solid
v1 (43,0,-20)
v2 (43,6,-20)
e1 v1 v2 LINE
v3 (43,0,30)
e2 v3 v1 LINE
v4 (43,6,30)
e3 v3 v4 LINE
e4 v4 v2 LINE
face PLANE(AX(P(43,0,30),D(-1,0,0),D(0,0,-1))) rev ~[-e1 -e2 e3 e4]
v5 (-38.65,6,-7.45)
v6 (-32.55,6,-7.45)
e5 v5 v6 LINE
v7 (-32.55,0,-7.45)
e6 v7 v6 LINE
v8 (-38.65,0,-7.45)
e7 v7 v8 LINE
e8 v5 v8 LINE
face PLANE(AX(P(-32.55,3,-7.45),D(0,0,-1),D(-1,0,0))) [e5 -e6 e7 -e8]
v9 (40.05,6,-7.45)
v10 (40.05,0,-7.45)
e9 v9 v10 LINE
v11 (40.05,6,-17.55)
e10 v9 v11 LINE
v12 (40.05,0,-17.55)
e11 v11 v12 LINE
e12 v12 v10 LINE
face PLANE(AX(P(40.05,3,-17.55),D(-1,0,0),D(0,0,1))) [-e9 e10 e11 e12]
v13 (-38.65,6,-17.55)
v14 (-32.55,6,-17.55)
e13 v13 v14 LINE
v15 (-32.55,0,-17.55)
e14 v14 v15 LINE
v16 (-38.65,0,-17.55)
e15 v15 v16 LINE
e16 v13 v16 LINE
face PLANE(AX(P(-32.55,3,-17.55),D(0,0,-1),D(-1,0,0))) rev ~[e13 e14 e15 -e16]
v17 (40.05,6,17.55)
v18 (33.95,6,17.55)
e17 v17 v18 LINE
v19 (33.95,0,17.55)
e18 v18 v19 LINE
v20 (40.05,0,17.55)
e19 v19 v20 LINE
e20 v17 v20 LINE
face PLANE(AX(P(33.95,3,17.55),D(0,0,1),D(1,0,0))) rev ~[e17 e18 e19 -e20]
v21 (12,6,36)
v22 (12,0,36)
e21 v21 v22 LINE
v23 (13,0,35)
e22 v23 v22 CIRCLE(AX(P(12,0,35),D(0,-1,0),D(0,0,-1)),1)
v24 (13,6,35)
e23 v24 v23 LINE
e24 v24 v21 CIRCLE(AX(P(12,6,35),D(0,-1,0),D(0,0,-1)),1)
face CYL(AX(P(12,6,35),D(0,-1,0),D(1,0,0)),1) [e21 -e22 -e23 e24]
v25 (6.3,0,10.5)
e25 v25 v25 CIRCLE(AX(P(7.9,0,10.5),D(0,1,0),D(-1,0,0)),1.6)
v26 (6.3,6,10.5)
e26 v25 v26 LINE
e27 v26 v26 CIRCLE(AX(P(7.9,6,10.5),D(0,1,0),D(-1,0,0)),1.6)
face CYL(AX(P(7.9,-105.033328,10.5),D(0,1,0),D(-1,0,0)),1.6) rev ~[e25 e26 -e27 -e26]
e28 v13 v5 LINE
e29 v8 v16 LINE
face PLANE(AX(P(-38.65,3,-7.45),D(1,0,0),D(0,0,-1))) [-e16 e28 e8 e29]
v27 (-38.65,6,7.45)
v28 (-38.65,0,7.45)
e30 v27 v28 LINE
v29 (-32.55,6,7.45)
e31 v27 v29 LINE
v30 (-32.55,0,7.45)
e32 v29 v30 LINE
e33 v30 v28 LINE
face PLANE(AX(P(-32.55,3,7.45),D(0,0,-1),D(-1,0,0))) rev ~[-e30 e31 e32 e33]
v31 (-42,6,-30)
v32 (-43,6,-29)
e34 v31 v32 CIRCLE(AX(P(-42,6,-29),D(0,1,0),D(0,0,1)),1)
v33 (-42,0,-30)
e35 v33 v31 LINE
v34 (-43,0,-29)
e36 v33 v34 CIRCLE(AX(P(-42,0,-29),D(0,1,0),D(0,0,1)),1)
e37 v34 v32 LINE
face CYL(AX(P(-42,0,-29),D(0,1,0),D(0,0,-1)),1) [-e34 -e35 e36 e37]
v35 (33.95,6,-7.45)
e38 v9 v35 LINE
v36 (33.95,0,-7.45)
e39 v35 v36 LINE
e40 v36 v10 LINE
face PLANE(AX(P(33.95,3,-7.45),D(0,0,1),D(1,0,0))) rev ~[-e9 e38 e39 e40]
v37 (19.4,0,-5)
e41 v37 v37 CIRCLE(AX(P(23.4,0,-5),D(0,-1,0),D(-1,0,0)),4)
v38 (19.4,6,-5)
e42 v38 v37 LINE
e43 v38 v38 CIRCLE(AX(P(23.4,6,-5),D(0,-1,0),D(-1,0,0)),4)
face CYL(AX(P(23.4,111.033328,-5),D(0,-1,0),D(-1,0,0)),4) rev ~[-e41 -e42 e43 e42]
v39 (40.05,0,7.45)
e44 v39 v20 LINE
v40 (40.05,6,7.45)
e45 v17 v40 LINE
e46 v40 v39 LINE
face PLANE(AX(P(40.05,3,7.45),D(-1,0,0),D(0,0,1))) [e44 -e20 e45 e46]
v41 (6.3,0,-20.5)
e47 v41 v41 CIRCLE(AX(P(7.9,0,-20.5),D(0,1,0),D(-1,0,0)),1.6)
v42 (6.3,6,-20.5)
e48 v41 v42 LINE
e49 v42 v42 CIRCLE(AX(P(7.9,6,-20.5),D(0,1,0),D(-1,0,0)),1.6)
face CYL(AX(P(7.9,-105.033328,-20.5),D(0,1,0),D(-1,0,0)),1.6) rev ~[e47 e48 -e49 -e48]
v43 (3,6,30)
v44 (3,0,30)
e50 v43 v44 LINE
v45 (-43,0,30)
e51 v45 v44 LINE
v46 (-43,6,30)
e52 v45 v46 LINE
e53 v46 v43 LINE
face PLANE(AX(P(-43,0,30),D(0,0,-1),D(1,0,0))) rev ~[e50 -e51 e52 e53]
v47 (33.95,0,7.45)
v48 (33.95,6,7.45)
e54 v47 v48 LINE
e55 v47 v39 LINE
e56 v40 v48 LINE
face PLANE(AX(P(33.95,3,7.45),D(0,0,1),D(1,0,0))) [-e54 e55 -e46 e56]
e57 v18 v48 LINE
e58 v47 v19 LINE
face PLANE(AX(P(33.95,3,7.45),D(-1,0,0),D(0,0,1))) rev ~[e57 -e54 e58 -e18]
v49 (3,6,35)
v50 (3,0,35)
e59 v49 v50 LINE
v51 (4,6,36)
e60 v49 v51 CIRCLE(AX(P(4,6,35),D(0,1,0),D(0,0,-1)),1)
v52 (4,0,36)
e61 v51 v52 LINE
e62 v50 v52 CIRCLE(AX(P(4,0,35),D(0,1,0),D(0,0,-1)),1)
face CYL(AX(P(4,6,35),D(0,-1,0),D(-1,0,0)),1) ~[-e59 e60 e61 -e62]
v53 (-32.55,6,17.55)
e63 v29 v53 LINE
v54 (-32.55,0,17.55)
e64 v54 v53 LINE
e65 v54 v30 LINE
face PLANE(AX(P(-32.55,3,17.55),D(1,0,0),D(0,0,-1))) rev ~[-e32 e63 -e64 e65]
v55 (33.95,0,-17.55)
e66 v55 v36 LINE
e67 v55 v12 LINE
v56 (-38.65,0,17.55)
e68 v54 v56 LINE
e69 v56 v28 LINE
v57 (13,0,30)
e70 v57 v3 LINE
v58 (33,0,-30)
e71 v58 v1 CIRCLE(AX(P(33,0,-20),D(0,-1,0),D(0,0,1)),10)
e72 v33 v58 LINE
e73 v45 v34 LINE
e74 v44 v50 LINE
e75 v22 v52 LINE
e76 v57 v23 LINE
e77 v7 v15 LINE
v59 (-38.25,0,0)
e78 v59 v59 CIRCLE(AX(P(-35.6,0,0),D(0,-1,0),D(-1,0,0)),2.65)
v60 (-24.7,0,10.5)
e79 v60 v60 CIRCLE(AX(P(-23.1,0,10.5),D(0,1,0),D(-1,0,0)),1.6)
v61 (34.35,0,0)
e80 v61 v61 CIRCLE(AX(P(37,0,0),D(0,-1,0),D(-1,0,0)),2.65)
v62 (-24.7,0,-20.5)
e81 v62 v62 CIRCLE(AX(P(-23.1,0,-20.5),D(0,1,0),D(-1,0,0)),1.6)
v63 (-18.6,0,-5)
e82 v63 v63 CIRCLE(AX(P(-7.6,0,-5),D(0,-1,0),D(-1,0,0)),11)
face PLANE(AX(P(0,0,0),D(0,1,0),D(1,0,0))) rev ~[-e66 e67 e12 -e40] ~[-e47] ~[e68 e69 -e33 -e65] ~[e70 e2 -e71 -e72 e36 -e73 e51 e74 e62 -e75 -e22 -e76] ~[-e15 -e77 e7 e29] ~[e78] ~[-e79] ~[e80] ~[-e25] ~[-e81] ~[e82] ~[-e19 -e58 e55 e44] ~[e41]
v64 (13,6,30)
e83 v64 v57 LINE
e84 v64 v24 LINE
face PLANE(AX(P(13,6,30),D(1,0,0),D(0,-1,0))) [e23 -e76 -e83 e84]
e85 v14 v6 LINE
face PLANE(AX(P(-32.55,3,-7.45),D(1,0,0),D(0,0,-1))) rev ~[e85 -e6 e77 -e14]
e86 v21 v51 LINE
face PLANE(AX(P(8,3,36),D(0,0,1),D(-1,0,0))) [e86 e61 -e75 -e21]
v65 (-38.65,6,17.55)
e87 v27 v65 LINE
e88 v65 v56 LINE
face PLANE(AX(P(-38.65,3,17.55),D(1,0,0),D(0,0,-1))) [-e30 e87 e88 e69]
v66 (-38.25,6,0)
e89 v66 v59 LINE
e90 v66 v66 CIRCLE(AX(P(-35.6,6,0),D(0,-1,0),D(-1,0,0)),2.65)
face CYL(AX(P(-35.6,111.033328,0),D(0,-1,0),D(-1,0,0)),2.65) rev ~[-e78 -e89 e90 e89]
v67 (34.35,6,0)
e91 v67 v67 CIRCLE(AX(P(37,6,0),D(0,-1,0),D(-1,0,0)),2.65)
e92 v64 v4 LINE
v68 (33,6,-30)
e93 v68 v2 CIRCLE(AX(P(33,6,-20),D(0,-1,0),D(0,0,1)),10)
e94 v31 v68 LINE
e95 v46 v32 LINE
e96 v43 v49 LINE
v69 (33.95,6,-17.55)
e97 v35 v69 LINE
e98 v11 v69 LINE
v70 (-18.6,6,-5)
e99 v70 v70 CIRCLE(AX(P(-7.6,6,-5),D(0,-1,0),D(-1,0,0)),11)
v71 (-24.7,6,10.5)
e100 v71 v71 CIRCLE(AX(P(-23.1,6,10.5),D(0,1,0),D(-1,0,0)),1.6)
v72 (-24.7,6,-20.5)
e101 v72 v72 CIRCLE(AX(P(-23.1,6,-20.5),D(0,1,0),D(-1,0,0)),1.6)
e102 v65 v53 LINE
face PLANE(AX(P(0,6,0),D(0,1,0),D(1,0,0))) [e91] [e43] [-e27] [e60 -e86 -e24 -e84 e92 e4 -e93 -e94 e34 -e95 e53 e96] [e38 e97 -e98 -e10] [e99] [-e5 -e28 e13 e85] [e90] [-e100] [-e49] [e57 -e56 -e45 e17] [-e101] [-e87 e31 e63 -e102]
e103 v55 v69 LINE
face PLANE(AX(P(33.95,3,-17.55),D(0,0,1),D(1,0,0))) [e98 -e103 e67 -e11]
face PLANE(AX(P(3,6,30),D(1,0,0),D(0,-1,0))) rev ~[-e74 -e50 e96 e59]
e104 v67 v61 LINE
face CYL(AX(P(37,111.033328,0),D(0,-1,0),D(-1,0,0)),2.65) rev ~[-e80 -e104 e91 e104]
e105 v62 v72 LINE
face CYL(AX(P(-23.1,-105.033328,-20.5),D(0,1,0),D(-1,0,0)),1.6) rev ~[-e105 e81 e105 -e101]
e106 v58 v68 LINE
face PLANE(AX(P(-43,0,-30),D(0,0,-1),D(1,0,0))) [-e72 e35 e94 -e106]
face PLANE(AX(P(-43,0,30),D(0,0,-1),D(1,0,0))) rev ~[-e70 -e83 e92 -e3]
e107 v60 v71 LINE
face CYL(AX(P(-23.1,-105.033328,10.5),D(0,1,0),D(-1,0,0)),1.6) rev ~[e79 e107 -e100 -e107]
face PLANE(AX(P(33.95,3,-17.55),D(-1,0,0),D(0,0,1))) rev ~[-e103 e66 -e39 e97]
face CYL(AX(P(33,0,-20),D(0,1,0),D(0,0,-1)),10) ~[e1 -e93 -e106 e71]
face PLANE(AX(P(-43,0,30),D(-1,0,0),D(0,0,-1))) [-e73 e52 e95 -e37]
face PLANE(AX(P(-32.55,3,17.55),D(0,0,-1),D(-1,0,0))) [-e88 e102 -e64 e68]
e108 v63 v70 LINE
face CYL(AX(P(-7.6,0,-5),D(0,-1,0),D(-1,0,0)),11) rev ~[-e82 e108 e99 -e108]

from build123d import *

# Parameters (mm, degrees)
SKETCH1_W                = 86
SKETCH1_H                = 60
BOSS_EXTRUDE1_DEPTH      = 6
M5_CLEARANCE_HOLE1_D     = 5.3
FILLET1_R                = 10
M5_CLEARANCE_HOLE2_D     = 5.3
F_8_0_8_DIAMETER_HOLE1_D = 8
M3_CLEARANCE_HOLE1_D     = 3.2
SKETCH6_R                = 11
CUT_EXTRUDE3_DEPTH       = 7
FILLET1343_R             = 1
SKETCH73_W               = 6.1
SKETCH73_H               = 10.1
CUT_EXTRUDE24_DEPTH      = 4
CUT_EXTRUDE24_DEPTH_BACK = 4
SKETCH74_W               = 6.1
SKETCH74_H               = 10.1
CUT_EXTRUDE25_DEPTH      = 4
CUT_EXTRUDE25_DEPTH_BACK = 4
SKETCH2349_W             = 10
SKETCH2349_H             = 6
BOSS_EXTRUDE2347_DEPTH   = 6
FILLET1346_R             = 1


with BuildPart() as part:
    # Sketch1 → Boss-Extrude1 (new body)
    with BuildSketch(Plane(origin=(0, 0, 0), x_dir=(1, 0, 0), z_dir=(0, 1, 0))):
        Rectangle(SKETCH1_W, SKETCH1_H)
    extrude(amount=BOSS_EXTRUDE1_DEPTH)

    # M5 Clearance Hole1 (through all)
    with Locations(Plane(origin=(0, 6, 0), x_dir=(1, 0, 0), z_dir=(0, 1, 0))):
        with Locations((-35.6, 0)):
            Hole(M5_CLEARANCE_HOLE1_D / 2)

    # Fillet1
    fillet1_edges = [part.edges().sort_by_distance(p)[0] for p in [
        (43, 3, -30),
    ]]
    fillet(fillet1_edges, radius=FILLET1_R)

    # M5 Clearance Hole2 (through all)
    with Locations(Plane(origin=(0, 6, 0), x_dir=(1, 0, 0), z_dir=(0, 1, 0))):
        with Locations((37, 0)):
            Hole(M5_CLEARANCE_HOLE2_D / 2)

    # 8.0 _8_ Diameter Hole1 (through all)
    with Locations(Plane(origin=(0, 6, 0), x_dir=(1, 0, 0), z_dir=(0, 1, 0))):
        with Locations((23.4, 5)):
            Hole(F_8_0_8_DIAMETER_HOLE1_D / 2)

    # M3 Clearance Hole1 (through all)
    with Locations(Plane(origin=(-7.6, 0, -5), x_dir=(1, 0, 0), z_dir=(0, -1, 0))):
        with Locations((15.5, -15.5), (-15.5, -15.5), (-15.5, 15.5), (15.5, 15.5)):
            Hole(M3_CLEARANCE_HOLE1_D / 2)

    # Sketch6 → Cut-Extrude3 (cut, through all)
    with BuildSketch(Plane(origin=(-7.6, 0, -5), x_dir=(-1, 0, 0), z_dir=(0, -1, 0))):
        Circle(SKETCH6_R)
    extrude(amount=-CUT_EXTRUDE3_DEPTH, mode=Mode.SUBTRACT)

    # Fillet1343
    fillet1343_edges = [part.edges().sort_by_distance(p)[0] for p in [
        (-43, 3, -30),
    ]]
    fillet(fillet1343_edges, radius=FILLET1343_R)

    # Sketch73 → Cut-Extrude24 (cut, two sides)
    with BuildSketch(Plane(origin=(8.4, 3, -20), x_dir=(-1, 0, 0), z_dir=(0, -1, 0))) as cut_extrude24_sk:
        with Locations((44, -32.5)):
            Rectangle(SKETCH73_W, SKETCH73_H)
        with Locations((44, -7.5)):
            Rectangle(SKETCH73_W, SKETCH73_H)
    extrude(amount=CUT_EXTRUDE24_DEPTH, mode=Mode.SUBTRACT)
    extrude(cut_extrude24_sk.sketch, amount=-CUT_EXTRUDE24_DEPTH_BACK, mode=Mode.SUBTRACT)

    # Sketch74 → Cut-Extrude25 (cut, two sides)
    with BuildSketch(Plane(origin=(-7, 3, 20), x_dir=(1, 0, 0), z_dir=(0, -1, 0))) as cut_extrude25_sk:
        with Locations((44, -32.5)):
            Rectangle(SKETCH74_W, SKETCH74_H)
        with Locations((44, -7.5)):
            Rectangle(SKETCH74_W, SKETCH74_H)
    extrude(amount=CUT_EXTRUDE25_DEPTH, mode=Mode.SUBTRACT)
    extrude(cut_extrude25_sk.sketch, amount=-CUT_EXTRUDE25_DEPTH_BACK, mode=Mode.SUBTRACT)

    # Sketch2349 → Boss-Extrude2347 (add)
    with BuildSketch(Plane(origin=(8.767778608, 6, 30), x_dir=(-1, 0, 0), z_dir=(0, 0, 1))):
        with Locations((0.767778608, 3)):
            Rectangle(SKETCH2349_W, SKETCH2349_H)
    extrude(amount=BOSS_EXTRUDE2347_DEPTH)

    # Fillet1346
    fillet1346_edges = [part.edges().sort_by_distance(p)[0] for p in [
        (13, 3, 36),
        (3, 3, 36),
    ]]
    fillet(fillet1346_edges, radius=FILLET1346_R)


solid = part.part
